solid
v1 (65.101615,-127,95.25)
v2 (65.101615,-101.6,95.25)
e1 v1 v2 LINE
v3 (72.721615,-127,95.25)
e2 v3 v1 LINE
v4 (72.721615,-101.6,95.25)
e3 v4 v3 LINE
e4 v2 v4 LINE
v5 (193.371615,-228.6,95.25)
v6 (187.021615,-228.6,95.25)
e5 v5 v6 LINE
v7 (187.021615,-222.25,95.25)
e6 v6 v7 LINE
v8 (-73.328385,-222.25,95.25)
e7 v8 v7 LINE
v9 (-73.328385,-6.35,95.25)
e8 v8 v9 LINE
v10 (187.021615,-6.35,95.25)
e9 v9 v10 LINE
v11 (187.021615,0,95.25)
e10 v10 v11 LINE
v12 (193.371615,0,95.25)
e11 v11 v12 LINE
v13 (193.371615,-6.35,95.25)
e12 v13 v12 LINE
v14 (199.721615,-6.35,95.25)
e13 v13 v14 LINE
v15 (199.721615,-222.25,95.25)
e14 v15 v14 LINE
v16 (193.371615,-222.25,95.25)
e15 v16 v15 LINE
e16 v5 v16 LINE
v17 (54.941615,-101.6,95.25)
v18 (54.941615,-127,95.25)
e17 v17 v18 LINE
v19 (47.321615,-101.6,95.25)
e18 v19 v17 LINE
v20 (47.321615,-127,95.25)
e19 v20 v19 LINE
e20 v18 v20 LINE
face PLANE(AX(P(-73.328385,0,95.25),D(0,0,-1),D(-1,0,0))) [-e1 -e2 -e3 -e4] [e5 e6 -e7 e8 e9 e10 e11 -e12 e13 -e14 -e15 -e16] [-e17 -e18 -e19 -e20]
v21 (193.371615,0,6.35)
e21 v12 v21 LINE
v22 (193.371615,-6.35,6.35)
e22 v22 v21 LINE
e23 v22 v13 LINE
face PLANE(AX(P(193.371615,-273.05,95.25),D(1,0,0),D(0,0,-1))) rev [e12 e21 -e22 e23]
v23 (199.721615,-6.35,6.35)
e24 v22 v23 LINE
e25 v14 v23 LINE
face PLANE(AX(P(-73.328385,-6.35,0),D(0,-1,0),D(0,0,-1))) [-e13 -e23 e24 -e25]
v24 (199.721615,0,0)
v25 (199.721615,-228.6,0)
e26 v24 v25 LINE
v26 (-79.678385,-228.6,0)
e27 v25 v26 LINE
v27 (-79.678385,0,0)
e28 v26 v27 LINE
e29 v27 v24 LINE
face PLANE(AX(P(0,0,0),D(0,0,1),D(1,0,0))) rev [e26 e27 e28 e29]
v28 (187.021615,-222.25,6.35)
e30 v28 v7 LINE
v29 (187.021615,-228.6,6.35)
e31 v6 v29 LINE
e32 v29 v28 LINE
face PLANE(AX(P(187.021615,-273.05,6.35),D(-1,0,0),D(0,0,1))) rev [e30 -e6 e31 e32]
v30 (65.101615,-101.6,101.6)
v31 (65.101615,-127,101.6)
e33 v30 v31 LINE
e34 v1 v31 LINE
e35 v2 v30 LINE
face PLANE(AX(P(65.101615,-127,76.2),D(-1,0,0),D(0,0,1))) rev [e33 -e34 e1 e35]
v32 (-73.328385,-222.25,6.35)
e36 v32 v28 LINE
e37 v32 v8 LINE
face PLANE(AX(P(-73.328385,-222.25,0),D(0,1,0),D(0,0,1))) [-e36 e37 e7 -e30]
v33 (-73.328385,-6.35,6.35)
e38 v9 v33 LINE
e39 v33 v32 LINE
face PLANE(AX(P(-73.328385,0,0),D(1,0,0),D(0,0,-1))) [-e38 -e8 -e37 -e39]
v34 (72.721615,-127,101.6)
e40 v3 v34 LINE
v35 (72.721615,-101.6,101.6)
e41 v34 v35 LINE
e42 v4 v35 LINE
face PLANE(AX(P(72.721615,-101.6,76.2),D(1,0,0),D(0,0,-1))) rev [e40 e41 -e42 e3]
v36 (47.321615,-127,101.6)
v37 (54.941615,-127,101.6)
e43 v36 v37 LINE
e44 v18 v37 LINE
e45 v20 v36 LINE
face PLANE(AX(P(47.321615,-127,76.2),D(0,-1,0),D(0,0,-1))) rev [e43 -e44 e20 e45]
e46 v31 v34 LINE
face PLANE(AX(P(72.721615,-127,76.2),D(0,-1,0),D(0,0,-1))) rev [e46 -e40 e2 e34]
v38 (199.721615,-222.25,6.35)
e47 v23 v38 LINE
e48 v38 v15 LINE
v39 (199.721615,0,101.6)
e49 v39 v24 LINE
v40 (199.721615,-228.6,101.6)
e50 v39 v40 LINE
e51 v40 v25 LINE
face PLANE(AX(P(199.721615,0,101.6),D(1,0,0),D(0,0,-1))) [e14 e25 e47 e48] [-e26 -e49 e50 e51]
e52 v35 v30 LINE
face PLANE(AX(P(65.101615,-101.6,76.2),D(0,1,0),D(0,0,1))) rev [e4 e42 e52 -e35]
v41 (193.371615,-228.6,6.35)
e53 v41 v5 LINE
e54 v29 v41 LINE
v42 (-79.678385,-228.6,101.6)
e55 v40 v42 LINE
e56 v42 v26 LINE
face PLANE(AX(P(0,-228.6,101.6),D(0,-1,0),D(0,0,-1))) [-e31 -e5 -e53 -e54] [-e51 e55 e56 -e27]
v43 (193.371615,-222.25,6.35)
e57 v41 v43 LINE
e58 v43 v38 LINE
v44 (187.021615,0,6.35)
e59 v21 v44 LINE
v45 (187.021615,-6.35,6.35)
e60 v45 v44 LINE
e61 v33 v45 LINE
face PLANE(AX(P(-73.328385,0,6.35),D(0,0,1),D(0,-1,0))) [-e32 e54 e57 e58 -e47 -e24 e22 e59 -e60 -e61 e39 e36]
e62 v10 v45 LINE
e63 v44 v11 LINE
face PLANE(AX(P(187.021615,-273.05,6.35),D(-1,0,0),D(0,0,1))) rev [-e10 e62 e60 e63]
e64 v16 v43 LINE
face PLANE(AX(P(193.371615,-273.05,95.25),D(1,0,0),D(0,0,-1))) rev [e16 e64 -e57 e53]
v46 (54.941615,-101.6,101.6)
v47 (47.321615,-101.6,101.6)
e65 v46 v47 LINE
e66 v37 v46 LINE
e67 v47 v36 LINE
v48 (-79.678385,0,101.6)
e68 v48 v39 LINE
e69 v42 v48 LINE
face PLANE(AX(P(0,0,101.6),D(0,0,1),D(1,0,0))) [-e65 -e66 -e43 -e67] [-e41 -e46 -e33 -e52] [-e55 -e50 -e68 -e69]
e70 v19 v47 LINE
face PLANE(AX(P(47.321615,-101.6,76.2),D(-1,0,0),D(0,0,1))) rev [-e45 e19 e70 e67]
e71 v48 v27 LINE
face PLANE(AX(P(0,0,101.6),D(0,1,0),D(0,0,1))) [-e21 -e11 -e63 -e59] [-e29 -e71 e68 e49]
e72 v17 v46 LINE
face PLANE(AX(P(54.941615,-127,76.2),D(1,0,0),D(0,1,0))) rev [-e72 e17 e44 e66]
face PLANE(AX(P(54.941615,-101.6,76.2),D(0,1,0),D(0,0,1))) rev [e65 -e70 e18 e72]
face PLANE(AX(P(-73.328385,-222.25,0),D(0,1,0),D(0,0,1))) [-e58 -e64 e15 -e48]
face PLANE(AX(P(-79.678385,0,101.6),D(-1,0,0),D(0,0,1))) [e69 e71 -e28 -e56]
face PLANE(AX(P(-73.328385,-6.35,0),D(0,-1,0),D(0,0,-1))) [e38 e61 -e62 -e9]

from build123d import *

# Parameters (mm, degrees)
MAIN_BODY_W                        = 279.4
MAIN_BODY_H                        = 228.6
MAIN_BODY_EXTRUDE_DEPTH            = 101.6
SKETCH2_W                          = 88.9
SKETCH2_H                          = 215.9
MAIN_BODY_HOLLOW_EXTRUDE_CUT_DEPTH = 273.05
SKETCH3_W                          = 6.35
SKETCH3_H                          = 88.9
SLIDING_DOOR_EXTRUDE_CUT_DEPTH     = 273.05
SKETCH4_W                          = 7.62
SKETCH4_H                          = 25.4
CUT_EXTRUDE3_DEPTH                 = 25.4


with BuildPart() as part:
    # Main Body → Main Body Extrude (new body)
    with BuildSketch(Plane.XY):
        with Locations((60.02161481, -114.3)):
            Rectangle(MAIN_BODY_W, MAIN_BODY_H)
    extrude(amount=MAIN_BODY_EXTRUDE_DEPTH)

    # Sketch2 → Main Body Hollow Extrude Cut (cut)
    with BuildSketch(Plane(origin=(199.72161481, 0, 0), x_dir=(0, 0, -1), z_dir=(1, 0, 0))):
        with Locations((-50.8, -114.3)):
            Rectangle(SKETCH2_W, SKETCH2_H)
    extrude(amount=-MAIN_BODY_HOLLOW_EXTRUDE_CUT_DEPTH, mode=Mode.SUBTRACT)

    # Sketch3 → Sliding Door Extrude Cut (cut)
    with BuildSketch(Plane(origin=(0, 0, 0), x_dir=(1, 0, 0), z_dir=(0, 1, 0))):
        with Locations((190.19661481, -50.8)):
            Rectangle(SKETCH3_W, SKETCH3_H)
    extrude(amount=-SLIDING_DOOR_EXTRUDE_CUT_DEPTH, mode=Mode.SUBTRACT)

    # Sketch4 → Cut-Extrude3 (cut)
    with BuildSketch(Plane.XY.offset(101.6)):
        with Locations((51.13161481, -114.3)):
            Rectangle(SKETCH4_W, SKETCH4_H)
        with Locations((68.91161481, -114.3)):
            Rectangle(SKETCH4_W, SKETCH4_H)
    extrude(amount=-CUT_EXTRUDE3_DEPTH, mode=Mode.SUBTRACT)


solid = part.part
